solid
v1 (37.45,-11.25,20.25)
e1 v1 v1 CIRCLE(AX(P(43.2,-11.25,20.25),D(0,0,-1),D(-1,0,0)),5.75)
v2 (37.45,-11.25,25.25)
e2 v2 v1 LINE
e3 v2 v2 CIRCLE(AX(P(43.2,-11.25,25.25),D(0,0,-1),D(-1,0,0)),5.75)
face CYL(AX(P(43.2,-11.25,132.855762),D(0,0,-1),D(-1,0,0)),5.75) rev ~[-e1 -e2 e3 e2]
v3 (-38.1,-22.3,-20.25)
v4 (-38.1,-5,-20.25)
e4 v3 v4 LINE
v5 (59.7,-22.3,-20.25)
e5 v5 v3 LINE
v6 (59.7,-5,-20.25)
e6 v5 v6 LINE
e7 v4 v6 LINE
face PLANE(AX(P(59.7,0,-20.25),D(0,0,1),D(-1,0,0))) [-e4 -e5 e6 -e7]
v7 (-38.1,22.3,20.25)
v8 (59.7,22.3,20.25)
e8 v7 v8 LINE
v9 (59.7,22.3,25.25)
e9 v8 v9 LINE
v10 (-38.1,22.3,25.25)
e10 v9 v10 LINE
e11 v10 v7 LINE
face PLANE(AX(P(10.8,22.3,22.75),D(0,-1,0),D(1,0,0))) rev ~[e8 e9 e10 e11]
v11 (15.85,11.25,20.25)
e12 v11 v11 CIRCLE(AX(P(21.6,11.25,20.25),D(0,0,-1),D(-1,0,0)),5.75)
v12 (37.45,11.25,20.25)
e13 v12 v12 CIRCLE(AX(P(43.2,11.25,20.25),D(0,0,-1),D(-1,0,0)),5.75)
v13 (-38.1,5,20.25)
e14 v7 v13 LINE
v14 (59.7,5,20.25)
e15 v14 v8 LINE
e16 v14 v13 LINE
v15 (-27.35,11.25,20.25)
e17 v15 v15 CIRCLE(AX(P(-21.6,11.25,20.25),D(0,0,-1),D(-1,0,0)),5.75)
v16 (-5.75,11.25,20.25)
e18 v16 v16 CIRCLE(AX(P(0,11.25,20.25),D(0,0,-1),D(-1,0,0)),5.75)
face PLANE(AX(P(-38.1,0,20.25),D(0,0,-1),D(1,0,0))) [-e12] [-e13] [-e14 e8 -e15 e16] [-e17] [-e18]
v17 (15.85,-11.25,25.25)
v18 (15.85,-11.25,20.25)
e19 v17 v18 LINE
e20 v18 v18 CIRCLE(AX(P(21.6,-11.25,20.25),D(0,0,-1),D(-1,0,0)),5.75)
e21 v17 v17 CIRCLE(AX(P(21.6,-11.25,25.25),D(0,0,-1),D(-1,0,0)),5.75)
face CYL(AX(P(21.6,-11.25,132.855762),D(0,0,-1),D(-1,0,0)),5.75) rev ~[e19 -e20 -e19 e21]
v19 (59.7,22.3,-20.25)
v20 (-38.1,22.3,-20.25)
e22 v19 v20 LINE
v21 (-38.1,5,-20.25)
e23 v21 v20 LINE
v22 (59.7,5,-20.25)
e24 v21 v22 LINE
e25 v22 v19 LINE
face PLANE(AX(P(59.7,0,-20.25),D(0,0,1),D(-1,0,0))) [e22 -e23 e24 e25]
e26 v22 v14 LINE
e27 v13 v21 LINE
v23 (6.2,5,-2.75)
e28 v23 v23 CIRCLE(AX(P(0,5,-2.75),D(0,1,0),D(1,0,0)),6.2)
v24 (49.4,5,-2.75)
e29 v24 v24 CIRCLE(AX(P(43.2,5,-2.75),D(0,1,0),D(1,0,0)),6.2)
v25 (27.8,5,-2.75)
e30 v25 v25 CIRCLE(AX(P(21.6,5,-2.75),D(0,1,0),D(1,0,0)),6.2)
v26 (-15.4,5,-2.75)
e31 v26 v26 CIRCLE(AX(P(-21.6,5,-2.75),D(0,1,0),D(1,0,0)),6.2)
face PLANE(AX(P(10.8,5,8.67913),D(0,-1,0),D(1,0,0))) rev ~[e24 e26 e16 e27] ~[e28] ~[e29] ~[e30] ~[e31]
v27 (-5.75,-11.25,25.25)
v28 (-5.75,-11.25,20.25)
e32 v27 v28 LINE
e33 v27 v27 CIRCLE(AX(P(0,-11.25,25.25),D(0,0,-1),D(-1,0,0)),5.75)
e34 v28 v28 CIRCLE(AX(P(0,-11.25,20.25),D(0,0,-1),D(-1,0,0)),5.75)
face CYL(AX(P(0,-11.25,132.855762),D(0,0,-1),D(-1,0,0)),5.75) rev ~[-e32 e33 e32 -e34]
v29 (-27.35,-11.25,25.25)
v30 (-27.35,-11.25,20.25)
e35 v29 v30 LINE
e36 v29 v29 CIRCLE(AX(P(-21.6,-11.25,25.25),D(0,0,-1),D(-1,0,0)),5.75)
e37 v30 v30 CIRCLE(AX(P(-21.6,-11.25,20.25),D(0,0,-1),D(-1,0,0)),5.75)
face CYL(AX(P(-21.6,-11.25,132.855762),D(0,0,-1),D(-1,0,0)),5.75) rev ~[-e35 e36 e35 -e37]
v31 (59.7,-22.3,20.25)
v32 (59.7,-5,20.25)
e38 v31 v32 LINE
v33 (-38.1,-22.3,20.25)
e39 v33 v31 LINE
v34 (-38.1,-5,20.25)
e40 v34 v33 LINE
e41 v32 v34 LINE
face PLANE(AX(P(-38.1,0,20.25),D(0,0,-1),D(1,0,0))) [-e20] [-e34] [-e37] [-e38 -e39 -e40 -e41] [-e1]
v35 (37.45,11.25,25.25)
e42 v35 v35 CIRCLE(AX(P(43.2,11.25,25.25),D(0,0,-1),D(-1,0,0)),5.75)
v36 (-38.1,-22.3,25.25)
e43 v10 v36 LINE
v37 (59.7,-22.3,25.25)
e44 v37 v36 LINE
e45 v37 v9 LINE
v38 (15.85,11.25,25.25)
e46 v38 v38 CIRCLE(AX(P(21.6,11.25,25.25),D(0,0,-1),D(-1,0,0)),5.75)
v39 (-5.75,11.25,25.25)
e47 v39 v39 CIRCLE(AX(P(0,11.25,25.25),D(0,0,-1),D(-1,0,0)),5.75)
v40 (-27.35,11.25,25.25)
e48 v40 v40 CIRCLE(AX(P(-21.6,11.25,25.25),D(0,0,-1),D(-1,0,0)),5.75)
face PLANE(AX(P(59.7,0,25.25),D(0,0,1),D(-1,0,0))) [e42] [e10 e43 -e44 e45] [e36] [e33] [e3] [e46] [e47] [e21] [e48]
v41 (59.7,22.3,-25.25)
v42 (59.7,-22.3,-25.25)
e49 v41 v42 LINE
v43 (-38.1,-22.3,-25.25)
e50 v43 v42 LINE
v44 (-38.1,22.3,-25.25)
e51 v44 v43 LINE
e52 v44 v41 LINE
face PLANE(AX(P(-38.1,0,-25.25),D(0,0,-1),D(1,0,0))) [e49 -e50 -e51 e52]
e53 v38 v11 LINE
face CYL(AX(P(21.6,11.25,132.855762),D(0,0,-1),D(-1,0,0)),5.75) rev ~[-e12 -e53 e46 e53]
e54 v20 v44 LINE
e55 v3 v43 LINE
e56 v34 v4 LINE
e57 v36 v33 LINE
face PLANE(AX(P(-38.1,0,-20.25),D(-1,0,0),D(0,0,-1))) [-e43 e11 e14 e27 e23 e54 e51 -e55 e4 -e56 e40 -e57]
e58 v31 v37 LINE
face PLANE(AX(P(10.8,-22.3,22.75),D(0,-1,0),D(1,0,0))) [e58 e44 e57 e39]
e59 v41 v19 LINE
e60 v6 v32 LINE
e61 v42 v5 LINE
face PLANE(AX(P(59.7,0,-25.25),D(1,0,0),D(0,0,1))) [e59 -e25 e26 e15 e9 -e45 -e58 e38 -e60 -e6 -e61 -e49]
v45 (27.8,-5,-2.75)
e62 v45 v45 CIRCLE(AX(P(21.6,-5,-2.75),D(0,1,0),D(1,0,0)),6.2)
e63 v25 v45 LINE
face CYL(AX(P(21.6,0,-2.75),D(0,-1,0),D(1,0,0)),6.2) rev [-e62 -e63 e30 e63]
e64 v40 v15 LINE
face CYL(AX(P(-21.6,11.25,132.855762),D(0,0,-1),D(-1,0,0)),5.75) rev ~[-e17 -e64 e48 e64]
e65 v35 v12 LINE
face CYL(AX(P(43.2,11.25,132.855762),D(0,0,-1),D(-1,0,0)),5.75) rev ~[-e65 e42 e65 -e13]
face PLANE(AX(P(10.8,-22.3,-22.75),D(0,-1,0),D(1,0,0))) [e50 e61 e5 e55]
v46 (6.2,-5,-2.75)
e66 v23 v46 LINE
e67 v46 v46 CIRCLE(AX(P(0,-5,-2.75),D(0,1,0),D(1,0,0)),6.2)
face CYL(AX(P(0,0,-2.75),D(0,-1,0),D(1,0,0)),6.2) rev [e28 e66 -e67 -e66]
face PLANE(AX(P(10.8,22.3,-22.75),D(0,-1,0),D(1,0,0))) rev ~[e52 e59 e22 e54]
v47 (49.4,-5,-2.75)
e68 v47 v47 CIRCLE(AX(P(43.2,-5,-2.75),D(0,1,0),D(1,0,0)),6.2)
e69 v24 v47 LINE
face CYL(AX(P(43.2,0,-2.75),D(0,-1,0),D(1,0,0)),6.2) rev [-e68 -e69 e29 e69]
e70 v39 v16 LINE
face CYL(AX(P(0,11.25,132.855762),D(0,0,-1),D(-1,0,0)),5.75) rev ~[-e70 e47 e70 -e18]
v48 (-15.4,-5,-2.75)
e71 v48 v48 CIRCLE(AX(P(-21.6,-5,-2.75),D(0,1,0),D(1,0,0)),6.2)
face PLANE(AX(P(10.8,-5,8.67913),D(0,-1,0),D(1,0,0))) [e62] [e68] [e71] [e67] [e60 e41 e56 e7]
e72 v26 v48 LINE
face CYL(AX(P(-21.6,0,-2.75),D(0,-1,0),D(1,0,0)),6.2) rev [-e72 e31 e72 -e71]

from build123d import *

# Parameters (mm, degrees)
F1_DEPTH = 22.3
F3_D     = 11.5
F4_DEPTH = 5
F5_DEPTH = 22.3


with BuildPart() as f1:
    # F0 (on Front) → F1 (new body, symmetric)
    with BuildSketch(Plane.XZ):
        Polygon((59.7, 25.25), (38.1, 25.25), (-38.1, 25.25), (-38.1, 20.25), (38.1, 20.25), (59.7, 20.25), align=None)
    extrude(amount=F1_DEPTH, both=True)

    # F3 (through all)
    with Locations(Plane.XY.offset(25.25)):
        with Locations((-21.6, 11.25), (0, 11.25), (21.6, 11.25), (21.6, -11.25), (0, -11.25), (-21.6, -11.25), (43.2, 11.25), (43.2, -11.25)):
            Hole(F3_D / 2)

    # F0 (on Front) → F4 (join, symmetric)
    with BuildSketch(Plane.XZ):
        with BuildLine():
            Line((38.1, 20.25), (-38.1, 20.25))
            Line((-38.1, 20.25), (-38.1, -2.75))
            Line((-38.1, -2.75), (-27.8, -2.75))
            ThreePointArc((-27.8, -2.75), (-21.6, 3.45), (-15.4, -2.75))
            Line((-15.4, -2.75), (-6.2, -2.75))
            ThreePointArc((-6.2, -2.75), (0, 3.45), (6.2, -2.75))
            Line((6.2, -2.75), (15.4, -2.75))
            ThreePointArc((15.4, -2.75), (21.6, 3.45), (27.8, -2.75))
            Line((27.8, -2.75), (37, -2.75))
            ThreePointArc((37, -2.75), (43.2, 3.45), (49.4, -2.75))
            Line((49.4, -2.75), (59.7, -2.75))
            Line((59.7, -2.75), (59.7, 20.25))
            Line((59.7, 20.25), (38.1, 20.25))
        make_face()
        with BuildLine():
            Line((-27.8, -2.75), (-38.1, -2.75))
            Line((-38.1, -2.75), (-38.1, -20.25))
            Line((-38.1, -20.25), (38.1, -20.25))
            Line((38.1, -20.25), (59.7, -20.25))
            Line((59.7, -20.25), (59.7, -2.75))
            Line((59.7, -2.75), (49.4, -2.75))
            ThreePointArc((49.4, -2.75), (43.2, -8.95), (37, -2.75))
            Line((37, -2.75), (27.8, -2.75))
            ThreePointArc((27.8, -2.75), (21.6, -8.95), (15.4, -2.75))
            Line((15.4, -2.75), (6.2, -2.75))
            ThreePointArc((6.2, -2.75), (0, -8.95), (-6.2, -2.75))
            Line((-6.2, -2.75), (-15.4, -2.75))
            ThreePointArc((-15.4, -2.75), (-21.6, -8.95), (-27.8, -2.75))
        make_face()
    extrude(amount=F4_DEPTH, both=True)

    # F0 (on Front) → F5 (join, symmetric)
    with BuildSketch(Plane.XZ):
        Polygon((38.1, -20.25), (-38.1, -20.25), (-38.1, -25.25), (38.1, -25.25), (59.7, -25.25), (59.7, -20.25), align=None)
    extrude(amount=F5_DEPTH, both=True)


solid = f1.part
